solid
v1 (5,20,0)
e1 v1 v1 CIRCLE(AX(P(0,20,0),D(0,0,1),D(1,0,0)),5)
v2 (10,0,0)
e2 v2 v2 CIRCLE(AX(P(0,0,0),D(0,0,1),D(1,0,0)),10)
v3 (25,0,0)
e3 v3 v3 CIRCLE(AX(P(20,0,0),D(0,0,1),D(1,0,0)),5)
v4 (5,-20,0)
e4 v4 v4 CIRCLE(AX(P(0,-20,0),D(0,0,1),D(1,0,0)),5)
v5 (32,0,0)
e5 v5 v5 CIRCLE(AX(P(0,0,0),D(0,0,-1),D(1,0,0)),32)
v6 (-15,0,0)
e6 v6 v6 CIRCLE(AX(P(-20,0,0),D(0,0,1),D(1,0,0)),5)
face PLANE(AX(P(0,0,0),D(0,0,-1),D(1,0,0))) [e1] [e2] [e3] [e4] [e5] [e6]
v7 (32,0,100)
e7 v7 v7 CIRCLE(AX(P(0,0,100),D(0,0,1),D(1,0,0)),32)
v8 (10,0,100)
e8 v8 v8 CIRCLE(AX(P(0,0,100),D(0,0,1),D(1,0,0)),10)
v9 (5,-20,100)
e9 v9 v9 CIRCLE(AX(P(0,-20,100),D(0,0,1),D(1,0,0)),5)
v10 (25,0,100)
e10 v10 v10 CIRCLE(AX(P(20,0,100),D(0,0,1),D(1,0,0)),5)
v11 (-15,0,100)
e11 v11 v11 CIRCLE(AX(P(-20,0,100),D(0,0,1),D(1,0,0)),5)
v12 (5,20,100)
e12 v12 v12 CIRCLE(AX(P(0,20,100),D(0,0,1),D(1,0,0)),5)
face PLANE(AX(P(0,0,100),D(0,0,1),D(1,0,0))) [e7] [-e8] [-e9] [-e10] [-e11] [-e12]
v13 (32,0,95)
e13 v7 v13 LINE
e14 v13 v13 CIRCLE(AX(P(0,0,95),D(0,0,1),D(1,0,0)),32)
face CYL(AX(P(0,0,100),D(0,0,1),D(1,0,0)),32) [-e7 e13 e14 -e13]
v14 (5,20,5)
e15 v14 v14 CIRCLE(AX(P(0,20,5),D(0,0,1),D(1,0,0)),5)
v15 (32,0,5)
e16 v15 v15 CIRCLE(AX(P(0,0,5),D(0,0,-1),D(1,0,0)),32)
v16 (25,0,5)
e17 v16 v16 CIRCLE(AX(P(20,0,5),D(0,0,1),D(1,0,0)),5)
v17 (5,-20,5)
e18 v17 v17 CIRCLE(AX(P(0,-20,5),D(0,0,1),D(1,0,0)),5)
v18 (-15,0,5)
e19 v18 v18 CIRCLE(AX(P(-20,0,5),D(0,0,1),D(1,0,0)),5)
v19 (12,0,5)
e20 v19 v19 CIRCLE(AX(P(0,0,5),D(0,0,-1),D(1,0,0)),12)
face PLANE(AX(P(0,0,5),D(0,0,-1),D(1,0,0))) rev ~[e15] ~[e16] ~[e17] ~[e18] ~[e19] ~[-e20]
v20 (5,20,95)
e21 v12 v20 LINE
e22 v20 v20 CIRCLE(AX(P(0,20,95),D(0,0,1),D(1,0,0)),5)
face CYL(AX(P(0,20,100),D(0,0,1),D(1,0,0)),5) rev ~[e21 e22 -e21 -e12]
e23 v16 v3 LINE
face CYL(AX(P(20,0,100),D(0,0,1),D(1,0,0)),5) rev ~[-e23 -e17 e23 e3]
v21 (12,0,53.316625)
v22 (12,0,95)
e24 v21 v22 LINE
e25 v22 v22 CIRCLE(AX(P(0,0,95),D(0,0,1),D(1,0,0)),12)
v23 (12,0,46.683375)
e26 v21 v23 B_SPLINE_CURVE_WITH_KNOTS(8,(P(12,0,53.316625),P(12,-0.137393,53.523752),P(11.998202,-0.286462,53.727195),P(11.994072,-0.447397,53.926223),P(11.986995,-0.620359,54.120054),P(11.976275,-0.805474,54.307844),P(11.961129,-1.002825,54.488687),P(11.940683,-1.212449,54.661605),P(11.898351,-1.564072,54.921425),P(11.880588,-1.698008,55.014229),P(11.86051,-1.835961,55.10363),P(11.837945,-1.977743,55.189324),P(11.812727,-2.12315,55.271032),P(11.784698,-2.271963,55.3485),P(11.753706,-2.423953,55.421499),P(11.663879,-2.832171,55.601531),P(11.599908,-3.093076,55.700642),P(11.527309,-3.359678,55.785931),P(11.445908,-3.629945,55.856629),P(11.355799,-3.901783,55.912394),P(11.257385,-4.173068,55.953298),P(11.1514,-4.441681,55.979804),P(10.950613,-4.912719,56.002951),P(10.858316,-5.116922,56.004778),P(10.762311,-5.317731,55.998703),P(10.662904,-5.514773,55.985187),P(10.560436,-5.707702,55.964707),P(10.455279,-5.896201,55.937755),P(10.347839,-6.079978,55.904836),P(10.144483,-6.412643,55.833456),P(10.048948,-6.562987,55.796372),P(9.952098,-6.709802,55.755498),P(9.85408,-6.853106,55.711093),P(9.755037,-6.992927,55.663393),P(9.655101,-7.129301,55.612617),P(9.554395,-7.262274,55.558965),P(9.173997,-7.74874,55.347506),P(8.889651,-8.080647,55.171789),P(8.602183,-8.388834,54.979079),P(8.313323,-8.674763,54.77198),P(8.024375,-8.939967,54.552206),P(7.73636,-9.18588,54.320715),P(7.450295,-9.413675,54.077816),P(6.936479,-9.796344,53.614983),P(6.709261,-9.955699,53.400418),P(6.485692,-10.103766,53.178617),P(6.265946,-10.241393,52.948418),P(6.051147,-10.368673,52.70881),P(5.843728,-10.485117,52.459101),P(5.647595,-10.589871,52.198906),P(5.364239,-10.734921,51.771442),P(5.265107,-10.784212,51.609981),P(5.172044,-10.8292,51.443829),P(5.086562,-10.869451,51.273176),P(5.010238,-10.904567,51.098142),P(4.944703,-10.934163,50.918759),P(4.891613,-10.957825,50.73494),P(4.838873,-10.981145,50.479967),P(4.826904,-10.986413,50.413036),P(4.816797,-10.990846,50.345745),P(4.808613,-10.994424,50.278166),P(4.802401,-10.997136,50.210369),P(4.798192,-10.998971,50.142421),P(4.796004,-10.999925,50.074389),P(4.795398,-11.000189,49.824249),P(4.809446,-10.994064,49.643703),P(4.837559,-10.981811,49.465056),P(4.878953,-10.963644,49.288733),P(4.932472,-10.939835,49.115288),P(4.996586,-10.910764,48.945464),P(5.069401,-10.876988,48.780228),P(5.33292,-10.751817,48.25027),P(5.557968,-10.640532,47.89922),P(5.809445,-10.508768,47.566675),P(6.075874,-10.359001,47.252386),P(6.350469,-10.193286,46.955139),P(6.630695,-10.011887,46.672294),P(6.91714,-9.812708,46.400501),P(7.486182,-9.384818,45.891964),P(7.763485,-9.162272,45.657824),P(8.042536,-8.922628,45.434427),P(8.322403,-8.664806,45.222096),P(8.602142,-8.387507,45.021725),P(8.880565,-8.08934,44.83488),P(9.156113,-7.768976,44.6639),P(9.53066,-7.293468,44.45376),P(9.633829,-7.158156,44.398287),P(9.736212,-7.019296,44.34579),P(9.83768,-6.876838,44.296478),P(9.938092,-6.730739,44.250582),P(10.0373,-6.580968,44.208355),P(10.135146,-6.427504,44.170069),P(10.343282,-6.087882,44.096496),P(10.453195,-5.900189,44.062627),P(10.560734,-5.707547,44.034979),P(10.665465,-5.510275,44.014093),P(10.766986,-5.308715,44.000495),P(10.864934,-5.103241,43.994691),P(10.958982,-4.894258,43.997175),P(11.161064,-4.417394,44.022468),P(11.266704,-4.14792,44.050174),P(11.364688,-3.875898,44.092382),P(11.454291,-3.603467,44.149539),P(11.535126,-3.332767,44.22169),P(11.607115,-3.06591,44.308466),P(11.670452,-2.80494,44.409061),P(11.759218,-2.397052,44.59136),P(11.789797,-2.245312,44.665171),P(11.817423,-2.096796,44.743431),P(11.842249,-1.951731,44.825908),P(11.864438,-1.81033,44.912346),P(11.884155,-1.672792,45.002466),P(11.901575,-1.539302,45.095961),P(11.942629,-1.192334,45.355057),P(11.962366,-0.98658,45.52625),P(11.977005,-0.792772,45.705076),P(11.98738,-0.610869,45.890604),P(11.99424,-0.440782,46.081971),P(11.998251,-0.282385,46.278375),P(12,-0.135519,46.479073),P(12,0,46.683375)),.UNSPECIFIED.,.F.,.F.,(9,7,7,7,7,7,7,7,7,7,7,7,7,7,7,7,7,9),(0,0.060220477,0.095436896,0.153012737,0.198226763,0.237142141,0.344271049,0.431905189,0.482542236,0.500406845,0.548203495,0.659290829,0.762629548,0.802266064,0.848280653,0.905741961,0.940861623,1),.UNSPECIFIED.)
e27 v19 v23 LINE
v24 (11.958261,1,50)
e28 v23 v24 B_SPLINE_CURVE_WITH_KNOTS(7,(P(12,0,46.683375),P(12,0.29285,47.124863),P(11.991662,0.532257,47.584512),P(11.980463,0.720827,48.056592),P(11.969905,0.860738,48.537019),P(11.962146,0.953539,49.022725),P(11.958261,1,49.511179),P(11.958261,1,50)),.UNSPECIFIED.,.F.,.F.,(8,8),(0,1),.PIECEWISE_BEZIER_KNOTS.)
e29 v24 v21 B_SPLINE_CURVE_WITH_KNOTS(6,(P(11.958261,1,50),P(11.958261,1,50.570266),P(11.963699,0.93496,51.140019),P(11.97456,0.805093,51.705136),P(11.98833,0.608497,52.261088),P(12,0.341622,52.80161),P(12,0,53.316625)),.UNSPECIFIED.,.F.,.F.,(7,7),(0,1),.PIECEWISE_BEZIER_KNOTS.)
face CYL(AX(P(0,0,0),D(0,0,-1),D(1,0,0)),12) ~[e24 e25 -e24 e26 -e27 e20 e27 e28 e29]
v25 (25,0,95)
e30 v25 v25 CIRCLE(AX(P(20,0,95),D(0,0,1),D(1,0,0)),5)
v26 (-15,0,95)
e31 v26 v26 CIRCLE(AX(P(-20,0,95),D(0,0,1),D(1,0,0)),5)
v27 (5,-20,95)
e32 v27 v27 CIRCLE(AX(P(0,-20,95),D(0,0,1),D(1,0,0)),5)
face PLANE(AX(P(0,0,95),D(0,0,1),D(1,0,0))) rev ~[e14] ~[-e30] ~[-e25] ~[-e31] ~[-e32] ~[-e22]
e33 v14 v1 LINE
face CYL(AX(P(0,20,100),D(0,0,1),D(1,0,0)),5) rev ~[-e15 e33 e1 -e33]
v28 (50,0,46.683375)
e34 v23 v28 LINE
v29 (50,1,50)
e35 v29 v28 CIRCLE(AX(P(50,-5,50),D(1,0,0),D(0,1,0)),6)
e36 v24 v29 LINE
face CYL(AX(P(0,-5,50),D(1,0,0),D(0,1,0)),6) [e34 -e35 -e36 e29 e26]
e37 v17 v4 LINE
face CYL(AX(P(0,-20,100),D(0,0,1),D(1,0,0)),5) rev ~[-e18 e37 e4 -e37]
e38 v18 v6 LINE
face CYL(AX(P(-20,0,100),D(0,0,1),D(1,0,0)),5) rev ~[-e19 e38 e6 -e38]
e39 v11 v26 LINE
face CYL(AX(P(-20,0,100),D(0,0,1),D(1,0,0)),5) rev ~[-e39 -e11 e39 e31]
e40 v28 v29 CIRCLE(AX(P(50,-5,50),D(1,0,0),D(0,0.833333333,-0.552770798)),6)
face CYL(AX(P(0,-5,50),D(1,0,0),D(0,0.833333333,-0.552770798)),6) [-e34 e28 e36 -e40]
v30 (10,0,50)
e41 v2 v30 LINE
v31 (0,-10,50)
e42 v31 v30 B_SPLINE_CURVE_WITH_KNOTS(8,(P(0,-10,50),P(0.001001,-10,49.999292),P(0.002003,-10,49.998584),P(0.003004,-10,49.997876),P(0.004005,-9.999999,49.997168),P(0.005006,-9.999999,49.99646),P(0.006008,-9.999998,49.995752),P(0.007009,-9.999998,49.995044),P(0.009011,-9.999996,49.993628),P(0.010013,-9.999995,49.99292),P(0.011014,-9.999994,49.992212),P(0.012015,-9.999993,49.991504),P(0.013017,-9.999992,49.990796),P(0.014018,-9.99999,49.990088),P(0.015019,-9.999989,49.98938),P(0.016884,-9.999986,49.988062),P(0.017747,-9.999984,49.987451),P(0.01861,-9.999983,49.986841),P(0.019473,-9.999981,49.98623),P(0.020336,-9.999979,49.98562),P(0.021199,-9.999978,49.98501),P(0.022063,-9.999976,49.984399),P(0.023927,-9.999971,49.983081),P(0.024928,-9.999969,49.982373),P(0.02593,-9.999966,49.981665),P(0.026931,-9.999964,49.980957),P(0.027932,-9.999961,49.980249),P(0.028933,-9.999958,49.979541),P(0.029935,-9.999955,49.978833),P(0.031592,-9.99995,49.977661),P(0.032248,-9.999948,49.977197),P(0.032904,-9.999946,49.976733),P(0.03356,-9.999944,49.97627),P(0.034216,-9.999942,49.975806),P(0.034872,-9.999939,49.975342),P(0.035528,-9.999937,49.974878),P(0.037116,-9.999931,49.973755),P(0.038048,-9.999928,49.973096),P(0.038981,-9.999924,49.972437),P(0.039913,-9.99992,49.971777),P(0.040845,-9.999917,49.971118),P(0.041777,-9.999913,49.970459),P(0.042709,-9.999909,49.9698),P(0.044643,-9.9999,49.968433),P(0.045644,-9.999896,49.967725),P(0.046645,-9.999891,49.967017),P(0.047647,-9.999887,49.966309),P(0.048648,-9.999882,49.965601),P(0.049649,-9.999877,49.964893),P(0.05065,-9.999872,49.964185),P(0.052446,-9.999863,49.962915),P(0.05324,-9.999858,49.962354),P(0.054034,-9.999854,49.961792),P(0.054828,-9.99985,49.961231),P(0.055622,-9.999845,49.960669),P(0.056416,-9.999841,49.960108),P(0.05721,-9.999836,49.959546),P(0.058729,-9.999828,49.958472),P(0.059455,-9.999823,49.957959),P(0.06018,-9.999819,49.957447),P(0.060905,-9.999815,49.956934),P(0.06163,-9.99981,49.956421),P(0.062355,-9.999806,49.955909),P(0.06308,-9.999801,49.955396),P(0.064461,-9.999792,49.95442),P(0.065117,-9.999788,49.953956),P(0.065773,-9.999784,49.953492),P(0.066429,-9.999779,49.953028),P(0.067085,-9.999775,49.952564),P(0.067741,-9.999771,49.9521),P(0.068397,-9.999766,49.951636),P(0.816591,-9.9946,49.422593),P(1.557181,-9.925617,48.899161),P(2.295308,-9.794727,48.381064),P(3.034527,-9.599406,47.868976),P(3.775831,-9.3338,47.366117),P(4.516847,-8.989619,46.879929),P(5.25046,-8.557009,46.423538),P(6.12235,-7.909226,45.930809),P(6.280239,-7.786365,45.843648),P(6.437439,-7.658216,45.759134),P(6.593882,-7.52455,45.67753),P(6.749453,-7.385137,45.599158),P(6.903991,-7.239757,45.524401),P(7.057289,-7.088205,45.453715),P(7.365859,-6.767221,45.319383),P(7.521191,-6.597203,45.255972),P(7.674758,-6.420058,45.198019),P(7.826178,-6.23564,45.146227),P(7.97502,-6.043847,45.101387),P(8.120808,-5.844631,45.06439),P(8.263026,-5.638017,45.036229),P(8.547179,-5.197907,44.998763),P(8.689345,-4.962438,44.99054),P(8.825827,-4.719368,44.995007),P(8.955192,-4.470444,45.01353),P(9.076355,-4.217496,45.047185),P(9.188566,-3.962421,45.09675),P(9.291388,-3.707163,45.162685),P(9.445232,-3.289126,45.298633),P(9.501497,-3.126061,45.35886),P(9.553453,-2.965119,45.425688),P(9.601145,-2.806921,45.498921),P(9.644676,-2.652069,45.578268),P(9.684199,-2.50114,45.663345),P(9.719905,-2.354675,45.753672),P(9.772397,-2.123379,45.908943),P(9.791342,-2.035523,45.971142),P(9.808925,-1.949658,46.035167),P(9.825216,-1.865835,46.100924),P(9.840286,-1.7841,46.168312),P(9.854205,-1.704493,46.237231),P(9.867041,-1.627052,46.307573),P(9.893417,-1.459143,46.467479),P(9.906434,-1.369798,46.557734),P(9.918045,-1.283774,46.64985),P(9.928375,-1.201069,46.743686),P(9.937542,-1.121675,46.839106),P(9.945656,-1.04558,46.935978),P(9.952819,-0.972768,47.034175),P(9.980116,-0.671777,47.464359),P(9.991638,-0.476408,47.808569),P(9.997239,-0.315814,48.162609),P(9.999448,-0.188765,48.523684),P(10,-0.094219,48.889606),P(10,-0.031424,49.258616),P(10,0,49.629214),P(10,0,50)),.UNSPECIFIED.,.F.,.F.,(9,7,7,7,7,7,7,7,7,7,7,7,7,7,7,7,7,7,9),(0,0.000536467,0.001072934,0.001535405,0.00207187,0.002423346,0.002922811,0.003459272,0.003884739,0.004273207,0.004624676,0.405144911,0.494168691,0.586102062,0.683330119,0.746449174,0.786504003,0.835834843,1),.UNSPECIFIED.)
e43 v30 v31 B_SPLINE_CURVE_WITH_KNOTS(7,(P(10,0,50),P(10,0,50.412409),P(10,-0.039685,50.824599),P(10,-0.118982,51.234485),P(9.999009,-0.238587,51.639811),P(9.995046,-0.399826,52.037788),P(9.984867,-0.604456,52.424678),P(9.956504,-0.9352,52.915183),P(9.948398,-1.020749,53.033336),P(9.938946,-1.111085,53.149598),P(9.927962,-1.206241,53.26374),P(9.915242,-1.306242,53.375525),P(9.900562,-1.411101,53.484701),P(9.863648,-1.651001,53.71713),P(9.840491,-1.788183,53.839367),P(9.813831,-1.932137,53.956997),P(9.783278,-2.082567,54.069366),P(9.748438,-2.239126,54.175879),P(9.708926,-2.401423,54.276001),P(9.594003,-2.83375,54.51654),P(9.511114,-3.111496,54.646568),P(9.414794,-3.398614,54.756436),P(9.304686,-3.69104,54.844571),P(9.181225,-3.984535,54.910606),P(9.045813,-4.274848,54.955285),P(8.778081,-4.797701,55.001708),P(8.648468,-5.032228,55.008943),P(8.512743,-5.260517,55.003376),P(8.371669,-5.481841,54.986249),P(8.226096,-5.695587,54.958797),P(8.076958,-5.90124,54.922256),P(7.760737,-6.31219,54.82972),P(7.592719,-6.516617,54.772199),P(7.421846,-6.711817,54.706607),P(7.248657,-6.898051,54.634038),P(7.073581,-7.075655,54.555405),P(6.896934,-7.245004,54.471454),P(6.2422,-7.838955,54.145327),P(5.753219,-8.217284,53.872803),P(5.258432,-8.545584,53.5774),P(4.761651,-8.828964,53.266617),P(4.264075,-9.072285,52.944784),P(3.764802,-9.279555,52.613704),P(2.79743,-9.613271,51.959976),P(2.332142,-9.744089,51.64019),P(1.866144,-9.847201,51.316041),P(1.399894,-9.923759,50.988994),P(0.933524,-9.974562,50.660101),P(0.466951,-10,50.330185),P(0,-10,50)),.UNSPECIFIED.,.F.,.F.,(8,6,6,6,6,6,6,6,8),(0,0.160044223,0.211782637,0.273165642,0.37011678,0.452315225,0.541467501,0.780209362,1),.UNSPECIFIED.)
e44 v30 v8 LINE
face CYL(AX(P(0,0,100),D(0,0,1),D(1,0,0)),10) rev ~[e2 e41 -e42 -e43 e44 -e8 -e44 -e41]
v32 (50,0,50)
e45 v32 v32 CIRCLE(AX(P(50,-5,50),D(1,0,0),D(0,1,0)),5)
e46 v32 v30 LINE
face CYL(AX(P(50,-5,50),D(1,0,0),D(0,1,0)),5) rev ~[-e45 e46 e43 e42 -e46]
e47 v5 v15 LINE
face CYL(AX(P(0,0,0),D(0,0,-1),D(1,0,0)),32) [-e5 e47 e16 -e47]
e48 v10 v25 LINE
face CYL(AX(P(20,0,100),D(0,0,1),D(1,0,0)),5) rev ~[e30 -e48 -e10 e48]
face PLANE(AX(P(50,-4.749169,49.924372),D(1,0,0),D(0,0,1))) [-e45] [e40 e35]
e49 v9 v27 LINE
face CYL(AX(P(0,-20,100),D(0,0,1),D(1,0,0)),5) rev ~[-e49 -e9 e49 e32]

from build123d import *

# Parameters (mm, degrees)
F0_R      = 12
F1_DEPTH  = 100
F2_R      = 10
F3_DEPTH  = 100
F4_R      = 32
F4_R_2    = 12
F5_DEPTH  = 5
F6_R      = 32
F6_R_2    = 12
F7_DEPTH  = 5
F8_R      = 5
F9_DEPTH  = 100
F14_R     = 5
F15_DEPTH = 50
F16_R     = 10
F17_DEPTH = 70


with BuildPart() as f1:
    # F0 (on Top) → F1 (new body)
    with BuildSketch(Plane.XY):
        Circle(F0_R)
    extrude(amount=F1_DEPTH)

    # F2 (on face) → F3 (cut, through all)
    with BuildSketch(Plane.XY.offset(100)):
        Circle(F2_R)
    extrude(amount=-F3_DEPTH, mode=Mode.SUBTRACT)

    # F4 (on face) → F5 (join)
    with BuildSketch(Plane(origin=(0, 0, 0), x_dir=(1, 0, 0), z_dir=(0, 0, -1))):
        Circle(F4_R)
        Circle(F4_R_2, mode=Mode.SUBTRACT)
    extrude(amount=-F5_DEPTH)

    # F6 (on face) → F7 (join)
    with BuildSketch(Plane.XY.offset(100)):
        Circle(F6_R)
        Circle(F6_R_2, mode=Mode.SUBTRACT)
    extrude(amount=-F7_DEPTH)

    # F8 (on face) → F9 (cut, through all)
    with BuildSketch(Plane.XY.offset(100)):
        with Locations((0, 20)):
            Circle(F8_R)
        with Locations((-20, 0)):
            Circle(F8_R)
        with Locations((0, -20)):
            Circle(F8_R)
        with Locations((20, 0)):
            Circle(F8_R)
    extrude(amount=-F9_DEPTH, mode=Mode.SUBTRACT)

    # F13: sweep along a path in F12
    with BuildLine(Plane.XZ.offset(5)) as f13_path:
        Line((0, 50), (50, 50))
    # F10 (on Right) → F13 (sweep)
    with BuildSketch(Plane.YZ):
        with BuildLine():
            ThreePointArc((0, 46.6833752096), (0.7445626465, 48.2679491924), (1, 50))
            ThreePointArc((1, 50), (-10.7445626465, 51.7320508076), (0, 46.6833752096))
        make_face()
    sweep(path=f13_path.line)

    # F14 (on face) → F15 (cut, through all)
    with BuildSketch(Plane.YZ.offset(50)):
        with Locations((-5, 50)):
            Circle(F14_R)
    extrude(amount=-F15_DEPTH, mode=Mode.SUBTRACT)

    # F16 (on face) → F17 (cut)
    with BuildSketch(Plane.XY.offset(100)):
        Circle(F16_R)
    extrude(amount=-F17_DEPTH, mode=Mode.SUBTRACT)


solid = f1.part
